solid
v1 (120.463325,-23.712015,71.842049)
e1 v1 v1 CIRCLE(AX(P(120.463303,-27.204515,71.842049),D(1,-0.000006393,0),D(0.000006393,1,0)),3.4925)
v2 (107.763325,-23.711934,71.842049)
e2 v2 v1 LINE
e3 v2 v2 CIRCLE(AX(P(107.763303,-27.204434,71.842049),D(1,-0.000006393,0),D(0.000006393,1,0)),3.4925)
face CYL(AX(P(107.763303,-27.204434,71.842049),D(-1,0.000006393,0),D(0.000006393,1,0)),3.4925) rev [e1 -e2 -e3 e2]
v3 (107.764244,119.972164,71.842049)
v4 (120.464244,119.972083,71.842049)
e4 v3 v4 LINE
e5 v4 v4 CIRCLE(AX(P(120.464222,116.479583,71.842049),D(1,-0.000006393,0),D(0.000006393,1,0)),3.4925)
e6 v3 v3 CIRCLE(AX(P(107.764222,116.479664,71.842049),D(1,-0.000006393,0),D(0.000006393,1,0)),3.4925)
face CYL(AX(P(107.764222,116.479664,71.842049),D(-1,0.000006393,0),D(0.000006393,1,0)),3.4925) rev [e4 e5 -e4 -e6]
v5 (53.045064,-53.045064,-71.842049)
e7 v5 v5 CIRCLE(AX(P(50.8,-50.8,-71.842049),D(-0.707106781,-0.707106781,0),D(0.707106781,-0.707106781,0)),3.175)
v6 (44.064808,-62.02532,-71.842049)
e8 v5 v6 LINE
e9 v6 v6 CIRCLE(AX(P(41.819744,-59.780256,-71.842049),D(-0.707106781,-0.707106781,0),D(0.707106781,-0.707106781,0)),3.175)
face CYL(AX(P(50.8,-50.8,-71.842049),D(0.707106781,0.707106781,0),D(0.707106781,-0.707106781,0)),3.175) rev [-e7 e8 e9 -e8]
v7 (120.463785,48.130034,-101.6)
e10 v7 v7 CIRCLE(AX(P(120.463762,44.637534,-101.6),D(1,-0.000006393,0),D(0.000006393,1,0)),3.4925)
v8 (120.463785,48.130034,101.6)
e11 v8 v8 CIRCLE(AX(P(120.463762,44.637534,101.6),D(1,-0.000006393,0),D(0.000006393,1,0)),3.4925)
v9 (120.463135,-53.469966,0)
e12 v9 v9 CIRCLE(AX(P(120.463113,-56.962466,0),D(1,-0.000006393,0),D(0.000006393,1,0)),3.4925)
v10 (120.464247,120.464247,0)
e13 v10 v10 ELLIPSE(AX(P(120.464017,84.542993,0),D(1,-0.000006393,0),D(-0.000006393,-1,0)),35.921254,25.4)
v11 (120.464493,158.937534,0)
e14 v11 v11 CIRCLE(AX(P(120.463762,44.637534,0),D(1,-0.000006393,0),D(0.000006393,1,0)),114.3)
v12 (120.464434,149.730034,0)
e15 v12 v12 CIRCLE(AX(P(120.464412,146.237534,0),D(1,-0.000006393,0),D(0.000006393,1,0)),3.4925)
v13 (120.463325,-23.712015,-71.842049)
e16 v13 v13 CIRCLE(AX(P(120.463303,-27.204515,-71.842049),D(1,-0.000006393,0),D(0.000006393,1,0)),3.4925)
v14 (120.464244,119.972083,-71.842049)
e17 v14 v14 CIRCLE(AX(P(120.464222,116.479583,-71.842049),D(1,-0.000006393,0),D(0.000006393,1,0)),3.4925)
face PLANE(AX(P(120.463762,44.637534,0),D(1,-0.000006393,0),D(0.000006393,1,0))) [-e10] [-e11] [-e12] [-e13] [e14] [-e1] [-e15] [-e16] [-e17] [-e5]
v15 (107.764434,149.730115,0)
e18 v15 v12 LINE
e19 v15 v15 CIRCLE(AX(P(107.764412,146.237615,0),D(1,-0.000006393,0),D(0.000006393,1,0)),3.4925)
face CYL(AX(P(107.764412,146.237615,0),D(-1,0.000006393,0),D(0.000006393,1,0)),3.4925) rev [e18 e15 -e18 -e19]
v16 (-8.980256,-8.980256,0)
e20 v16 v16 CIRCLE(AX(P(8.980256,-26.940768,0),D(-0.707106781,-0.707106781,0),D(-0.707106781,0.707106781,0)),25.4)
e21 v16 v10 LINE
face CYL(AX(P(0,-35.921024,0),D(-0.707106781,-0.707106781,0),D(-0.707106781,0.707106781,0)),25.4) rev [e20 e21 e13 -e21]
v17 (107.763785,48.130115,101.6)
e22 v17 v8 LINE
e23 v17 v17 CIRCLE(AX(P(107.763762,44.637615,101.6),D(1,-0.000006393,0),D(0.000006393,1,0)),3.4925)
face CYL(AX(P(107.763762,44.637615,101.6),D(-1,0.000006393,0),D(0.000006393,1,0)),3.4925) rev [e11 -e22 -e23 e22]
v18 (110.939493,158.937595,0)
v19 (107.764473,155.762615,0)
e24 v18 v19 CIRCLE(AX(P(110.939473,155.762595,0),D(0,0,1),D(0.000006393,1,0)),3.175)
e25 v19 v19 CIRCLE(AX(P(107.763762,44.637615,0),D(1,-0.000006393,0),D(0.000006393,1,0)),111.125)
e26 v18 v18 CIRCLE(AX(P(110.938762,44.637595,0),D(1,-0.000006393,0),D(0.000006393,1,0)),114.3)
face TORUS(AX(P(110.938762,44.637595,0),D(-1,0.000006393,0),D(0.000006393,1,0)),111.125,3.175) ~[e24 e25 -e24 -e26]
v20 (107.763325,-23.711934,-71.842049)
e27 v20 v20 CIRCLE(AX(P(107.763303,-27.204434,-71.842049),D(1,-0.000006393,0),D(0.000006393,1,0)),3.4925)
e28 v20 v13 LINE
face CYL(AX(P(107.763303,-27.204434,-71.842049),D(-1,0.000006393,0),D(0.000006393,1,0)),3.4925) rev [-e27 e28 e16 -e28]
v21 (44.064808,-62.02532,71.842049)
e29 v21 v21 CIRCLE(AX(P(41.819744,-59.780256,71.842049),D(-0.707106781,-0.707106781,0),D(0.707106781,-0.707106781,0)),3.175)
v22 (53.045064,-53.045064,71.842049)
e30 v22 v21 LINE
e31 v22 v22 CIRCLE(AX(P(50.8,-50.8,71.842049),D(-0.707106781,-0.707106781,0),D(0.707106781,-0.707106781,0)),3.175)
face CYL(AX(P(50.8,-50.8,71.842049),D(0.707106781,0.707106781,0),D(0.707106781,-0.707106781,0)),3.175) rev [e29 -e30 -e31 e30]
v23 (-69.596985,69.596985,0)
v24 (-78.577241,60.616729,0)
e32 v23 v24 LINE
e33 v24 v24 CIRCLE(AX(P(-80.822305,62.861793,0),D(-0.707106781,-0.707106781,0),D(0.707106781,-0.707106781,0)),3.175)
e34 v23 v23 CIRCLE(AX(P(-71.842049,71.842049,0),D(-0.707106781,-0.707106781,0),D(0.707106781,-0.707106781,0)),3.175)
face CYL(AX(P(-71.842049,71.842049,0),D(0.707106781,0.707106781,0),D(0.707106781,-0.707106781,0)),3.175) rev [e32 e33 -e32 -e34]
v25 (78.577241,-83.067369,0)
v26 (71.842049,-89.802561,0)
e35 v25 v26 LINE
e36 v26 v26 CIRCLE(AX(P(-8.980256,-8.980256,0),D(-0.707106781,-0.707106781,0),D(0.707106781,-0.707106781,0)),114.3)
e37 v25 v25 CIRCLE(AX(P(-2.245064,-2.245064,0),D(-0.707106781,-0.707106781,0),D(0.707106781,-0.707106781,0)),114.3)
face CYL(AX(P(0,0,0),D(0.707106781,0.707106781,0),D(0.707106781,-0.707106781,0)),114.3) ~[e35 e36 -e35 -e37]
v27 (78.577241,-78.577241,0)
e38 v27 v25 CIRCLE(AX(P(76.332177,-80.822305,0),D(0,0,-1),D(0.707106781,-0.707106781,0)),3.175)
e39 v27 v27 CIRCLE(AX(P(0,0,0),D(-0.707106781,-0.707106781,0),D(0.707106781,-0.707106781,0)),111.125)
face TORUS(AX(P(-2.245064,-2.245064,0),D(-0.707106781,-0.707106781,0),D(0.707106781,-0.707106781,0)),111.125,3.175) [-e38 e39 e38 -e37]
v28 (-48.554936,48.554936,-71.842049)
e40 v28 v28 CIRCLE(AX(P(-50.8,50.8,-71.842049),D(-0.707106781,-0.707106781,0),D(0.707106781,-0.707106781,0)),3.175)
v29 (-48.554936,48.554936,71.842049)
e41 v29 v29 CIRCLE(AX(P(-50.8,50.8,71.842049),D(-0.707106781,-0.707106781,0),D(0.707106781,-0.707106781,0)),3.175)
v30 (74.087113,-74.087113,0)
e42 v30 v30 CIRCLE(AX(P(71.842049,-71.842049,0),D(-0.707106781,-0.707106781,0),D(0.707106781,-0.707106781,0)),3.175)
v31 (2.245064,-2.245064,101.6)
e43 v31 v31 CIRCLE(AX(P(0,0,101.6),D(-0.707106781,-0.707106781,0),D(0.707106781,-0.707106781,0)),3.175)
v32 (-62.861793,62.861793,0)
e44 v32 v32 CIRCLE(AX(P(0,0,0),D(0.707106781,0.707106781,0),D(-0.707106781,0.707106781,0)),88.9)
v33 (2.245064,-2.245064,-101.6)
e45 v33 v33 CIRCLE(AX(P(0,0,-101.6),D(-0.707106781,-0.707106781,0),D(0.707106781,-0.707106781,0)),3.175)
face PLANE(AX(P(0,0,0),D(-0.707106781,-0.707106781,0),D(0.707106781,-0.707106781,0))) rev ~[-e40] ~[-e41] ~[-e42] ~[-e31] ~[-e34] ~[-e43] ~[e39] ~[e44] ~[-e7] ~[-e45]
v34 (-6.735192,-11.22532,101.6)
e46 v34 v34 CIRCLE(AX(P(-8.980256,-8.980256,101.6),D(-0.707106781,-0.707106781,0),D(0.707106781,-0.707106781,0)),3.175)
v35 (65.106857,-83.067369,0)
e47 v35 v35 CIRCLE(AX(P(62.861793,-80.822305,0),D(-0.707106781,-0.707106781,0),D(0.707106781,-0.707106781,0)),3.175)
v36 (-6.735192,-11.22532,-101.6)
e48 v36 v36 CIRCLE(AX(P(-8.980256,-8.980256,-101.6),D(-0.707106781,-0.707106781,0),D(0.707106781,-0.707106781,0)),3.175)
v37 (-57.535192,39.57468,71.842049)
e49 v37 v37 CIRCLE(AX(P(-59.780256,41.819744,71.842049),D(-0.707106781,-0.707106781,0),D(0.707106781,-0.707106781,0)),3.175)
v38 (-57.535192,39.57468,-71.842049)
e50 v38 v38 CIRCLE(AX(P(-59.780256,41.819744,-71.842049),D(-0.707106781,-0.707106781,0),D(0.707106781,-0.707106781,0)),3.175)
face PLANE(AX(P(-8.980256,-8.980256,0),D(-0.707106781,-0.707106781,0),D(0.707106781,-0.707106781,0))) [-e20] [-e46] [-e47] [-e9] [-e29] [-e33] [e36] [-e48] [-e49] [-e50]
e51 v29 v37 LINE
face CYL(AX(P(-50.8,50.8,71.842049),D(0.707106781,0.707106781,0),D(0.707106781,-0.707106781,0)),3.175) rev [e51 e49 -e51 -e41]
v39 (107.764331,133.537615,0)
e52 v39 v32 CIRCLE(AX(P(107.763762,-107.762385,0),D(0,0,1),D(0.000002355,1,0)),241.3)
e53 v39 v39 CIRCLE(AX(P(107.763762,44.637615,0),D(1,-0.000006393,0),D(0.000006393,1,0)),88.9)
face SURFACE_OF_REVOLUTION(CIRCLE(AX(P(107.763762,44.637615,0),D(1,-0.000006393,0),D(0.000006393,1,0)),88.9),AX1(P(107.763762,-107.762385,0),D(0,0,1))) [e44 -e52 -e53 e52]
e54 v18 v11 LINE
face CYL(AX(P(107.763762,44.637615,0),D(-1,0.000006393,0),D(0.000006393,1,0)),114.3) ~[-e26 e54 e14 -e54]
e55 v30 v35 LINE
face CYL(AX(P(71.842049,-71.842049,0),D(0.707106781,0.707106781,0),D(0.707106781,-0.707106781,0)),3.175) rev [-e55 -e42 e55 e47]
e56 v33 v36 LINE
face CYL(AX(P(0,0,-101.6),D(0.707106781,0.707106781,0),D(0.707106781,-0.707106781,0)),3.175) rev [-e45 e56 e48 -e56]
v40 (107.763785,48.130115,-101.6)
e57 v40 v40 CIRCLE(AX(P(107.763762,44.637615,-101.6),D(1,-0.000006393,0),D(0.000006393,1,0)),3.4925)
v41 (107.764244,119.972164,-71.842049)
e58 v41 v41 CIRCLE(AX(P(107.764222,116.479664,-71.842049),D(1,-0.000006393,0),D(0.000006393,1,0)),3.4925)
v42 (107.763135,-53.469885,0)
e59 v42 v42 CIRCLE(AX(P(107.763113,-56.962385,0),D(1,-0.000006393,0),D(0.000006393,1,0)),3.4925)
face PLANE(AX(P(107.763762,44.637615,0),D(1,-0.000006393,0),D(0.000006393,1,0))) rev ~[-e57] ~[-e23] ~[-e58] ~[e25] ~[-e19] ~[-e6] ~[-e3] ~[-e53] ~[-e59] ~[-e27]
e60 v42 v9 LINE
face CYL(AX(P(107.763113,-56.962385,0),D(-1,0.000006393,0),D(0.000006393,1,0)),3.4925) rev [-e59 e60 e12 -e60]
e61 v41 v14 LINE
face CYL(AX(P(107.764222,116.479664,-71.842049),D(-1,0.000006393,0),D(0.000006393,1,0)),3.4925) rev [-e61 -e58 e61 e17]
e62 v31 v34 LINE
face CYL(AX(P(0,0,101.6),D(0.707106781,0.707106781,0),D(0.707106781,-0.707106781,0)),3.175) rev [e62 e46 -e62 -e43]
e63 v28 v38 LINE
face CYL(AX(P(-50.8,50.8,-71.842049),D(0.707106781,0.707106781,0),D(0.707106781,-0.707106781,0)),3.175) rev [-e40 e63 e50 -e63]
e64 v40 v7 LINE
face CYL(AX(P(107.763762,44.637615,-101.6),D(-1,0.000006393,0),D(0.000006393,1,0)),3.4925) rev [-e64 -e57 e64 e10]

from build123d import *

# Parameters (mm, degrees)
F0_R      = 88.9
F3_R      = 114.3
F3_R_2    = 3.175
F4_DEPTH  = 12.7
F5_R      = 114.3
F5_R_2    = 3.4925
F6_DEPTH  = 12.7
F7_R      = 3.175
F9_R      = 25.4
F10_DEPTH = 203.2
F13_ANGLE = 135


with BuildPart() as f2:
    # F2: sweep along a path in F1
    with BuildLine(Plane.XY) as f2_path:
        ThreePointArc((-44.6369265441, -107.7640477113), (-11.6005728266, -58.3214793019), (0, 0))
    # F0 (on Front) → F2 (sweep)
    with BuildSketch(Plane.XZ):
        Circle(F0_R)
    sweep(path=f2_path.line)

    # F3 (on face) → F4 (join)
    with BuildSketch(Plane(origin=(0, 0, 0), x_dir=(-1, 0, 0), z_dir=(0, 1, 0))):
        Circle(F3_R)
        with Locations((-71.8420489686, -71.8420489686)):
            Circle(F3_R_2, mode=Mode.SUBTRACT)
        with Locations((0, -101.6)):
            Circle(F3_R_2, mode=Mode.SUBTRACT)
        with Locations((71.8420489686, -71.8420489686)):
            Circle(F3_R_2, mode=Mode.SUBTRACT)
        with Locations((-101.6, 0)):
            Circle(F3_R_2, mode=Mode.SUBTRACT)
        with Locations((-71.8420489686, 71.8420489686)):
            Circle(F3_R_2, mode=Mode.SUBTRACT)
        with Locations((101.6, 0)):
            Circle(F3_R_2, mode=Mode.SUBTRACT)
        with Locations((0, 101.6)):
            Circle(F3_R_2, mode=Mode.SUBTRACT)
        with Locations((71.8420489686, 71.8420489686)):
            Circle(F3_R_2, mode=Mode.SUBTRACT)
    extrude(amount=F4_DEPTH)

    # F5 (on face) → F6 (join)
    with BuildSketch(Plane(origin=(-76.200772477, -76.1997982148, 0), x_dir=(0.7071022608, -0.7071113015, 0), z_dir=(-0.7071113015, -0.7071022608, 0))):
        with Locations((44.6383043625, 0)):
            Circle(F5_R)
        with Locations((-27.2037446061, -71.8420489686)):
            Circle(F5_R_2, mode=Mode.SUBTRACT)
        with Locations((44.6383043625, -101.6)):
            Circle(F5_R_2, mode=Mode.SUBTRACT)
        with Locations((116.480353331, -71.8420489686)):
            Circle(F5_R_2, mode=Mode.SUBTRACT)
        with Locations((-56.9616956375, 0)):
            Circle(F5_R_2, mode=Mode.SUBTRACT)
        with Locations((-27.2037446061, 71.8420489686)):
            Circle(F5_R_2, mode=Mode.SUBTRACT)
        with Locations((44.6383043625, 101.6)):
            Circle(F5_R_2, mode=Mode.SUBTRACT)
        with Locations((146.2383043625, 0)):
            Circle(F5_R_2, mode=Mode.SUBTRACT)
        with Locations((116.480353331, 71.8420489686)):
            Circle(F5_R_2, mode=Mode.SUBTRACT)
    extrude(amount=F6_DEPTH)

    # F7
    f7_edges = [f2.edges().sort_by_distance(p)[0] for p in [
        (-125.458715, -26.941226, 0),
        (114.3, 0, 0),
    ]]
    fillet(f7_edges, radius=F7_R)


with BuildPart() as f10:
    # F9 (on Front) → F10 (new body)
    with BuildSketch(Plane.XZ):
        with Locations((-25.4, 0)):
            Circle(F9_R)
    extrude(amount=F10_DEPTH)


with BuildPart() as f10_1:
    # F11: moved
    add(f10.part.moved(Location((0, 25.4, 0))))


with BuildPart() as f2_1:
    add(f2.part)

    # F12: cut F10
    add(f10_1.part, mode=Mode.SUBTRACT)


with BuildPart() as f2_2:
    # F13: moved
    add(f2_1.part.rotate(Axis((0, 0, 85.4904651642), (0, 0, 1)), F13_ANGLE))


solid = f2_2.part
